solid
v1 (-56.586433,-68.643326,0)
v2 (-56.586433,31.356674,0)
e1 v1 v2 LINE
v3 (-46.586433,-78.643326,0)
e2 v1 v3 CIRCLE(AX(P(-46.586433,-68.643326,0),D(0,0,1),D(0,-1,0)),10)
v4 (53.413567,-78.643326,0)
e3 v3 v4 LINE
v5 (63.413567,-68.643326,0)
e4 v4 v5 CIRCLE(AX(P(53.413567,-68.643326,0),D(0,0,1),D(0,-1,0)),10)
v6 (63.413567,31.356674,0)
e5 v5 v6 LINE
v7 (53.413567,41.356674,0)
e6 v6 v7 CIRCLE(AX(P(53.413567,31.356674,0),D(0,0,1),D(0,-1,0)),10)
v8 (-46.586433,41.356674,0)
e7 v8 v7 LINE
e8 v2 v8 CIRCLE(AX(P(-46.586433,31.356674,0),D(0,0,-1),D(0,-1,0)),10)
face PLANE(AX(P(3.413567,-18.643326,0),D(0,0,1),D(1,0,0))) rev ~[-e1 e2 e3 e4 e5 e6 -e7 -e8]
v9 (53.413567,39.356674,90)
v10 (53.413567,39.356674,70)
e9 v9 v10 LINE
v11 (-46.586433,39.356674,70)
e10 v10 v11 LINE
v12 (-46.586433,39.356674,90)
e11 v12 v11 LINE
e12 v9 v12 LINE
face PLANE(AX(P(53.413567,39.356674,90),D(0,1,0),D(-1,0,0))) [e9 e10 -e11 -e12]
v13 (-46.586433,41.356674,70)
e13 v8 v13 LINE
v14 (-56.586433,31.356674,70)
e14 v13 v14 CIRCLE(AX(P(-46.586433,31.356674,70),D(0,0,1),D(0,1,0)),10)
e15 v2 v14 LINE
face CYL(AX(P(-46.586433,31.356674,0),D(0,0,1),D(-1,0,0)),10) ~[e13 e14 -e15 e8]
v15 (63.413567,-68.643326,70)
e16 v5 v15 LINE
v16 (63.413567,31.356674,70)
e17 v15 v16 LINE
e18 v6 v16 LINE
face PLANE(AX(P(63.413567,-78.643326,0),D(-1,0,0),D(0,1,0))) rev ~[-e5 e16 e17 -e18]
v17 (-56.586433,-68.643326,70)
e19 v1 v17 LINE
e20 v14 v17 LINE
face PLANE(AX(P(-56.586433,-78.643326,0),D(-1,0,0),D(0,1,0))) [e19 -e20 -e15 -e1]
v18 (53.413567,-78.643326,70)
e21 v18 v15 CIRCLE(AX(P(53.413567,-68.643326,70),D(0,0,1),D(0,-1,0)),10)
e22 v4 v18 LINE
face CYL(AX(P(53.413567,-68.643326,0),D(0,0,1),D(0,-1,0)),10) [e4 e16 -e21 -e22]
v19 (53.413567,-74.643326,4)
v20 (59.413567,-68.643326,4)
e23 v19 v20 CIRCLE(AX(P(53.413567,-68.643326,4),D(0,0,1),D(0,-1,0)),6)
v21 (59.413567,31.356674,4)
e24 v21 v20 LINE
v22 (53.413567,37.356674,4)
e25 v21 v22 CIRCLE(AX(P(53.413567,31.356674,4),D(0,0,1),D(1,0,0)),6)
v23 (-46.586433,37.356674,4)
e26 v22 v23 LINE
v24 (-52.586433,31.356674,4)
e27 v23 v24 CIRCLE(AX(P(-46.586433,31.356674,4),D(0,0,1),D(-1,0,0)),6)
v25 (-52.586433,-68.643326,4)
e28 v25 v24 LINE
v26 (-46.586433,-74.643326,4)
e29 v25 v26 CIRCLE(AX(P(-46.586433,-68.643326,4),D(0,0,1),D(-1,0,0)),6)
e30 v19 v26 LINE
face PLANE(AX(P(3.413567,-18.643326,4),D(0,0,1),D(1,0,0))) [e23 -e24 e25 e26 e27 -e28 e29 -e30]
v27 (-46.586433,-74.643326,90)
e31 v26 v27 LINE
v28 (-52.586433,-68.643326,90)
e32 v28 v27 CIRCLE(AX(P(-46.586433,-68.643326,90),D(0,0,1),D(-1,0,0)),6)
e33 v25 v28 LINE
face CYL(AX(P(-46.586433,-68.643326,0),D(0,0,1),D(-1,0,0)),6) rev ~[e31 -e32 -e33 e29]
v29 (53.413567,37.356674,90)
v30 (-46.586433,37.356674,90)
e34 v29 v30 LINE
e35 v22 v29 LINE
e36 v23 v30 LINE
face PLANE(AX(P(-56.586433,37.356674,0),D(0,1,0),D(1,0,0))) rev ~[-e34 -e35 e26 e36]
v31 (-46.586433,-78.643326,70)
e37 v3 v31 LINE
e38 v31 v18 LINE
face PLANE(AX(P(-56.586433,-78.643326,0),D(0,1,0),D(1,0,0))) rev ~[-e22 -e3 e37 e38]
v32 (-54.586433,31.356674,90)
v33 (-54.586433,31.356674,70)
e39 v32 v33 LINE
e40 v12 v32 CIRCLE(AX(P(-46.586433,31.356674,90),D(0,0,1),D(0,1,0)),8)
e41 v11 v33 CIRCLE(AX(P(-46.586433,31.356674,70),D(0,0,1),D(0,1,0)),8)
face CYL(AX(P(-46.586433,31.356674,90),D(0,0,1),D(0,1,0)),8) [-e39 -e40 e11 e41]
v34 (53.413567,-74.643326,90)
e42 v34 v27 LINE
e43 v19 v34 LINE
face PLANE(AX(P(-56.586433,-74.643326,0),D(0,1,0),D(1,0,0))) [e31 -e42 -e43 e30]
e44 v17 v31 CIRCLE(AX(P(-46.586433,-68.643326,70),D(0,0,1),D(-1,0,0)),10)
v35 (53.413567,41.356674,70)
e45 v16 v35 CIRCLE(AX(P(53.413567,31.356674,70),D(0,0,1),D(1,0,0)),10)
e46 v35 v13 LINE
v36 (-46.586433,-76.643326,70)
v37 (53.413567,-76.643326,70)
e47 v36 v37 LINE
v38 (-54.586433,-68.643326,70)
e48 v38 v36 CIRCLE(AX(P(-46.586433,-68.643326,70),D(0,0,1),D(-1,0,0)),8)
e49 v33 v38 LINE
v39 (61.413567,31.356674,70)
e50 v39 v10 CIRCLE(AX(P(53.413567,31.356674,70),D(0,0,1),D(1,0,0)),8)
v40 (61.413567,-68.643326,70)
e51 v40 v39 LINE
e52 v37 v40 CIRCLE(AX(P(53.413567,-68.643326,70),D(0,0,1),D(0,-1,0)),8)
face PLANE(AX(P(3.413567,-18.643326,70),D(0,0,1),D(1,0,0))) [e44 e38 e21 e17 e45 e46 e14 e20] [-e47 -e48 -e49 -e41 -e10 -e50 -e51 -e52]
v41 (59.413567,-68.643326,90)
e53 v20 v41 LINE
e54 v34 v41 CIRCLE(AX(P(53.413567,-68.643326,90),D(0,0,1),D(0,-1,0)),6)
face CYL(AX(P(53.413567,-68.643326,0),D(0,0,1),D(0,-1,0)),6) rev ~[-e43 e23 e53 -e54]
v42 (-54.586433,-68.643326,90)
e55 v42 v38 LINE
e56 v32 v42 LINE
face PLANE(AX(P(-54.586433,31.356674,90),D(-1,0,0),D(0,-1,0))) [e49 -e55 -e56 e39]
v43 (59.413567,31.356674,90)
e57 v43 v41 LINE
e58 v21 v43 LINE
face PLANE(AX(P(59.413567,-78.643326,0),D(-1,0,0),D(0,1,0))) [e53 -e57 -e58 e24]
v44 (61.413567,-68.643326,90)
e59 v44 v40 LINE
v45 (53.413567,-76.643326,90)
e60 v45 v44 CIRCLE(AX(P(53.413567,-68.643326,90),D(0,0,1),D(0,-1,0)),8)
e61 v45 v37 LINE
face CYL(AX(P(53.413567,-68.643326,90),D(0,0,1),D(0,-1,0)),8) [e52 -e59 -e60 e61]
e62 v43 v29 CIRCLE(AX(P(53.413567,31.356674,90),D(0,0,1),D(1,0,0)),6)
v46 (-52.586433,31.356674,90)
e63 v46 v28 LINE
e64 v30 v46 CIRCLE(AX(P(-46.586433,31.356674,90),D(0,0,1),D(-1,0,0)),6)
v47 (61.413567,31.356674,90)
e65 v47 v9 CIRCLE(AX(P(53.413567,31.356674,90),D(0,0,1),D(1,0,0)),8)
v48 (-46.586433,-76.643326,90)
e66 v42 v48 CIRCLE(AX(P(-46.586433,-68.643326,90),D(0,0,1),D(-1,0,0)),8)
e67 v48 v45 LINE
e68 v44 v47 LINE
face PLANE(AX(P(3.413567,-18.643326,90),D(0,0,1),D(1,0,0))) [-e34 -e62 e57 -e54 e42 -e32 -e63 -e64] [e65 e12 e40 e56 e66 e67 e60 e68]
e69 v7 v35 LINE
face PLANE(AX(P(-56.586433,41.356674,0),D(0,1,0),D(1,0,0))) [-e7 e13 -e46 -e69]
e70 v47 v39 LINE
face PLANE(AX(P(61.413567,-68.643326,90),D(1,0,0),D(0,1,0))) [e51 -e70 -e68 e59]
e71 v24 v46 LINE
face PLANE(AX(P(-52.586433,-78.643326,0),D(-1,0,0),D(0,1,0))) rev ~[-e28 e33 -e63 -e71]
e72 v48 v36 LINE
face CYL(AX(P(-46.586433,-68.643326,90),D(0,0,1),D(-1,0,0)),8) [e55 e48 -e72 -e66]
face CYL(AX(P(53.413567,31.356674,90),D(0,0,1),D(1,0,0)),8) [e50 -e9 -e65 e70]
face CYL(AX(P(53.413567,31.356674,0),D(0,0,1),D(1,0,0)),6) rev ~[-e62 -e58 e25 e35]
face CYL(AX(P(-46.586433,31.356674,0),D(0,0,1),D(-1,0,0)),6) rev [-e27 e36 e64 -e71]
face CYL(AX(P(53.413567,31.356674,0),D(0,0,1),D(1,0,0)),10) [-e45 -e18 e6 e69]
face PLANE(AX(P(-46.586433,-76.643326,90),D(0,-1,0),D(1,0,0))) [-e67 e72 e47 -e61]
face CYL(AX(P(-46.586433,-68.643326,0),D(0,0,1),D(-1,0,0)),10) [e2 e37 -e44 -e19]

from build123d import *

# Parameters (mm, degrees)
SKETCH2_W           = 120
SKETCH2_H           = 120
BOSS_EXTRUDE1_DEPTH = 90
FILLET1_R           = 10
SHELL1_T            = -4
CUT_EXTRUDE1_DEPTH  = 20


with BuildPart() as part:
    # Sketch2 → Boss-Extrude1 (new body)
    with BuildSketch(Plane.XY):
        with Locations((3.41356674, -18.643326039)):
            Rectangle(SKETCH2_W, SKETCH2_H)
    extrude(amount=BOSS_EXTRUDE1_DEPTH)

    # Fillet1
    fillet1_edges = [part.edges().sort_by_distance(p)[0] for p in [
        (-56.58643326, 41.356673961, 45),
        (63.41356674, 41.356673961, 45),
        (63.41356674, -78.643326039, 45),
        (-56.58643326, -78.643326039, 45),
    ]]
    fillet(fillet1_edges, radius=FILLET1_R)

    # Shell1
    shell1_openings = [part.faces().sort_by_distance(p)[0] for p in [
        (3.41356674, -18.643326039, 90),
    ]]
    offset(amount=SHELL1_T, openings=shell1_openings, kind=Kind.INTERSECTION)

    # Sketch3 → Cut-Extrude1 (cut)
    with BuildSketch(Plane.XY.offset(90)):
        with BuildLine():
            Line((-56.58643326, 31.356673961), (-56.58643326, -68.643326039))
            ThreePointArc((-56.58643326, -68.643326039), (-53.657501072, -75.714393851), (-46.58643326, -78.643326039))
            Line((-46.58643326, -78.643326039), (53.41356674, -78.643326039))
            ThreePointArc((53.41356674, -78.643326039), (60.484634551, -75.714393851), (63.41356674, -68.643326039))
            Line((63.41356674, -68.643326039), (63.41356674, 31.356673961))
            ThreePointArc((63.41356674, 31.356673961), (60.484634551, 38.427741772), (53.41356674, 41.356673961))
            Line((53.41356674, 41.356673961), (-46.58643326, 41.356673961))
            ThreePointArc((-46.58643326, 41.356673961), (-53.657501072, 38.427741772), (-56.58643326, 31.356673961))
        make_face()
        with BuildLine():
            Line((-54.58643326, 31.356673961), (-54.58643326, -68.643326039))
            ThreePointArc((-54.58643326, -68.643326039), (-52.24328751, -74.300180289), (-46.58643326, -76.643326039))
            Line((-46.58643326, -76.643326039), (53.41356674, -76.643326039))
            ThreePointArc((53.41356674, -76.643326039), (59.070420989, -74.300180289), (61.41356674, -68.643326039))
            Line((61.41356674, -68.643326039), (61.41356674, 31.356673961))
            ThreePointArc((61.41356674, 31.356673961), (59.070420989, 37.01352821), (53.41356674, 39.356673961))
            Line((53.41356674, 39.356673961), (-46.58643326, 39.356673961))
            ThreePointArc((-46.58643326, 39.356673961), (-52.24328751, 37.01352821), (-54.58643326, 31.356673961))
        make_face(mode=Mode.SUBTRACT)
    extrude(amount=-CUT_EXTRUDE1_DEPTH, mode=Mode.SUBTRACT)


solid = part.part
